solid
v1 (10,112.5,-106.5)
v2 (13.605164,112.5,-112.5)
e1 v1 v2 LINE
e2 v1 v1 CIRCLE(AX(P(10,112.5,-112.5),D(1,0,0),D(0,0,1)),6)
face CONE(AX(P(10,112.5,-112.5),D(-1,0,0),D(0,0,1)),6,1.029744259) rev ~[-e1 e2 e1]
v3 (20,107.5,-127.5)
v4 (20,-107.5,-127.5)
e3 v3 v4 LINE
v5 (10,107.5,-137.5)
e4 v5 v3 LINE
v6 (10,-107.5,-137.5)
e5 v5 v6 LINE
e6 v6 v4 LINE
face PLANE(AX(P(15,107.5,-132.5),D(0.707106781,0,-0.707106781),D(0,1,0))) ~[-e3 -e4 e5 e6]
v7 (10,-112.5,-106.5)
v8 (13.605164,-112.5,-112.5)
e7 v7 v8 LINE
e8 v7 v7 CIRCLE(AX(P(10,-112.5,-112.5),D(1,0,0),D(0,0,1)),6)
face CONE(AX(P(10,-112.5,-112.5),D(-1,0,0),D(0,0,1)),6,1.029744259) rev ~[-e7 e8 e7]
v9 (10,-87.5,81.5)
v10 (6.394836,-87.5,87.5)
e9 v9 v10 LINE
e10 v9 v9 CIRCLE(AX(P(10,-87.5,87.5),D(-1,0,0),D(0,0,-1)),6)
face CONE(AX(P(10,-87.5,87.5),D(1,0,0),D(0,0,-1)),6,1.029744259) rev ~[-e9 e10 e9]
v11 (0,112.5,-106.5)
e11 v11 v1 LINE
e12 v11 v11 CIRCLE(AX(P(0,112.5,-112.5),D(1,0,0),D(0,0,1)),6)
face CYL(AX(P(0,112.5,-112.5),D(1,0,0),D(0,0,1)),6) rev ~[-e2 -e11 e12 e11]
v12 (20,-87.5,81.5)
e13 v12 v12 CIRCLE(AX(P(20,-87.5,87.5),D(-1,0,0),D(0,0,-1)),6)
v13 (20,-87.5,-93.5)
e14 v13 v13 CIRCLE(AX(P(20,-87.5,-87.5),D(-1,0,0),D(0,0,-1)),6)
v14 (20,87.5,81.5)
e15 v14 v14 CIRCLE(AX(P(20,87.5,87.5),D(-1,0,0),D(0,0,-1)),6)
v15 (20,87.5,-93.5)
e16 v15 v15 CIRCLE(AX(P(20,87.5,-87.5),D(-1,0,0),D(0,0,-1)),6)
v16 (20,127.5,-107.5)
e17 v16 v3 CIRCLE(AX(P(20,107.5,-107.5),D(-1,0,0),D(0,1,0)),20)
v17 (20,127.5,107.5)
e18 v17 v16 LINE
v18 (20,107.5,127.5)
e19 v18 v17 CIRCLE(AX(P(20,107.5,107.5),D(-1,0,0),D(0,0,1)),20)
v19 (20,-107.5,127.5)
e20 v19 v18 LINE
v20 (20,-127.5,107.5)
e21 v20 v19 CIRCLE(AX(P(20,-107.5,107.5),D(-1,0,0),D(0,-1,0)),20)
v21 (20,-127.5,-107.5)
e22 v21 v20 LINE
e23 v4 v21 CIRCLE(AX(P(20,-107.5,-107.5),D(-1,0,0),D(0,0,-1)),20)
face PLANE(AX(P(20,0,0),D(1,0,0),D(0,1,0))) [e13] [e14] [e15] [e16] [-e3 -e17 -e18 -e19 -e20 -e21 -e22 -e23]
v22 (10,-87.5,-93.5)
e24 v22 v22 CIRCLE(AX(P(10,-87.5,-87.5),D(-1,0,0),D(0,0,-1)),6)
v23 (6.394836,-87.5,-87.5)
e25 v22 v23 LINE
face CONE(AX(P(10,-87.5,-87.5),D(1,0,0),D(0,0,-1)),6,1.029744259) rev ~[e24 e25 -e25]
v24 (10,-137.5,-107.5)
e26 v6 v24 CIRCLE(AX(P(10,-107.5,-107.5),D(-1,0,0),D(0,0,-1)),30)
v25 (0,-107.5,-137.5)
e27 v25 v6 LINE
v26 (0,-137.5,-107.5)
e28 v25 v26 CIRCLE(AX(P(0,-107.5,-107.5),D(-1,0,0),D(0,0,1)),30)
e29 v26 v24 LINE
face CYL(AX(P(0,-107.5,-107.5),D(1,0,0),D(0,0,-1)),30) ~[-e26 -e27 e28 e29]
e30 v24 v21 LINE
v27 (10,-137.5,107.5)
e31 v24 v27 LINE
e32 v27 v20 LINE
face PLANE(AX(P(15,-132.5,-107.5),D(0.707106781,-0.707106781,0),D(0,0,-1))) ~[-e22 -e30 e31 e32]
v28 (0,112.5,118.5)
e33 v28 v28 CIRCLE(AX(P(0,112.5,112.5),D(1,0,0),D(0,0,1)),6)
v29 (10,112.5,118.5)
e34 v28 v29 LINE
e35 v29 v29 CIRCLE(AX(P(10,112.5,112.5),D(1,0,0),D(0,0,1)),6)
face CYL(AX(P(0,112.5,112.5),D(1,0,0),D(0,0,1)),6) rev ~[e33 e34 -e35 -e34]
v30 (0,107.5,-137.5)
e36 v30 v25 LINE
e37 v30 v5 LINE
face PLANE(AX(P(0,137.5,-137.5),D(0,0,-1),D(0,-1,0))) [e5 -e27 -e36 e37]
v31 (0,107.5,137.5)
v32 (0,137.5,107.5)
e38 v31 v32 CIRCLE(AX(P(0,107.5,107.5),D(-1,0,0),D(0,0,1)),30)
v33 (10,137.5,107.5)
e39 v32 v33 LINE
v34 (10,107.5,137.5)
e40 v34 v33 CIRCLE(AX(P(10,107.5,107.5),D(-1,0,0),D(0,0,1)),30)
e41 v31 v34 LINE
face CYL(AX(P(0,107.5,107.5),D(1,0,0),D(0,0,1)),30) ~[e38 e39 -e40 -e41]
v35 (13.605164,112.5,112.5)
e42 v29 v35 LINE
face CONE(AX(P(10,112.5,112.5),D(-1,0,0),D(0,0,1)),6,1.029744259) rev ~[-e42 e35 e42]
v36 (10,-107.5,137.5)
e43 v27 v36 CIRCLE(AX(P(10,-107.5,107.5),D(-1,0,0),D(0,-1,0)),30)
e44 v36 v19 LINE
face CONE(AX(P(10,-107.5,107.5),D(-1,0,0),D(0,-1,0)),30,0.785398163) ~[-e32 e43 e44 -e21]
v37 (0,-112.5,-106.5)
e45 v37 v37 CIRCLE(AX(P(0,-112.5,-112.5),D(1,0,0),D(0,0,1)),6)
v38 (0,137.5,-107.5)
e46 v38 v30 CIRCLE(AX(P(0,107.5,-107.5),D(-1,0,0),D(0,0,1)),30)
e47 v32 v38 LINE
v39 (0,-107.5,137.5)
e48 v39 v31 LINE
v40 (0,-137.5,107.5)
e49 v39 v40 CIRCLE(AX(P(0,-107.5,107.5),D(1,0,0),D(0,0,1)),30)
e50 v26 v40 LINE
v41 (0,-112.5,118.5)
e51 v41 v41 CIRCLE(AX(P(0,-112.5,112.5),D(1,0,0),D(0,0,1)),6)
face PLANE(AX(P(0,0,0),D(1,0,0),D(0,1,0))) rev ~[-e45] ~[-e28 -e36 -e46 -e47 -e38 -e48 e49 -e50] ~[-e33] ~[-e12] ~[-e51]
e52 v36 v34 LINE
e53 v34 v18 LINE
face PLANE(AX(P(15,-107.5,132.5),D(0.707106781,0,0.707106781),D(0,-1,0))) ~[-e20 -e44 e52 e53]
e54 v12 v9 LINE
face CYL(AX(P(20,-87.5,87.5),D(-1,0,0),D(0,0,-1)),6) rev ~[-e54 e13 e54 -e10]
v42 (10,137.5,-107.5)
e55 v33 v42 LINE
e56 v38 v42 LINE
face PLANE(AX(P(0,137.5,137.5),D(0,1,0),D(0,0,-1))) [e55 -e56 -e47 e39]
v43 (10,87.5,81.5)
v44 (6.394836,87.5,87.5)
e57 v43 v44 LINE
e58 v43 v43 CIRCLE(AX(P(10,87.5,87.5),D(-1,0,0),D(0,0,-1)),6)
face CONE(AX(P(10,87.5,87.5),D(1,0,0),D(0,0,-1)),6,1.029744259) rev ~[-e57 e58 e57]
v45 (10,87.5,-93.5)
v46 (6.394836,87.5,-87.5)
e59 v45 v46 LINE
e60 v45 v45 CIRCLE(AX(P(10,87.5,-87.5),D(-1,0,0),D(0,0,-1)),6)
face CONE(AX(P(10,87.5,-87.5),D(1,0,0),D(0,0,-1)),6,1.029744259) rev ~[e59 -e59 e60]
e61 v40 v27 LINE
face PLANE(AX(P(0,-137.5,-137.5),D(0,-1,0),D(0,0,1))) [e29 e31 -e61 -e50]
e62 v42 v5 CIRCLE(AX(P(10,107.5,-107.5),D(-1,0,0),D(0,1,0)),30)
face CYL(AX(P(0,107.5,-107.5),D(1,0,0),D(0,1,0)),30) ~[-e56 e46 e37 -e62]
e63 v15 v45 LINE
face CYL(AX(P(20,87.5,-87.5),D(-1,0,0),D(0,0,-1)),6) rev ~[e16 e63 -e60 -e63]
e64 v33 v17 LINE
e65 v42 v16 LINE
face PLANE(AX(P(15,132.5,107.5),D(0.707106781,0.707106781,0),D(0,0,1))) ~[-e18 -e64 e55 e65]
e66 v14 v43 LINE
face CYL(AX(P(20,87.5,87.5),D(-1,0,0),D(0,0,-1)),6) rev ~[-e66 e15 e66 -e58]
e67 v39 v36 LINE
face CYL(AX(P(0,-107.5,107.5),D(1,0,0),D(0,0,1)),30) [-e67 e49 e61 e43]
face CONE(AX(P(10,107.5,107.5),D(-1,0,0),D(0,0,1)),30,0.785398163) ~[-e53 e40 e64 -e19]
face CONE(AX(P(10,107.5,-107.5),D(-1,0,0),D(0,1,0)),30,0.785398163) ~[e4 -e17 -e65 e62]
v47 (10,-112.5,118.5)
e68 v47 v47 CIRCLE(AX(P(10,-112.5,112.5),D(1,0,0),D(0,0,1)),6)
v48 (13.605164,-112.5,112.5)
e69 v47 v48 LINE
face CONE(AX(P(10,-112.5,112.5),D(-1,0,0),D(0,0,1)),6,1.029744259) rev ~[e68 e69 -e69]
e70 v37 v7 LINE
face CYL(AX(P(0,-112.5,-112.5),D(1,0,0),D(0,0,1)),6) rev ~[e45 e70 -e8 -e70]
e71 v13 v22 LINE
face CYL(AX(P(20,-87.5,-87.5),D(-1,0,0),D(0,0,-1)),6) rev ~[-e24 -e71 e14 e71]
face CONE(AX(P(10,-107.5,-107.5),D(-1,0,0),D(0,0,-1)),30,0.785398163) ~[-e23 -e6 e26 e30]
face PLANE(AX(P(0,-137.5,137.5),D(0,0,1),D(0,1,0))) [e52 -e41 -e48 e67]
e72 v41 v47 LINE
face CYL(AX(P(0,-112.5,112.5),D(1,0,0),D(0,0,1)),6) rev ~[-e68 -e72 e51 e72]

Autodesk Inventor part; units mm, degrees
ref_plane "YZ Plane" through (0, 0, 0) normal (1, 0, 0) x (0, 1, 0)
ref_plane "XZ Plane" through (0, 0, 0) normal (0, 1, 0) x (-1, 0, 0)
ref_plane "XY Plane" through (0, 0, 0) normal (0, 0, 1) x (1, 0, 0)
sketch "草圖1" plane through (0, 0, 0) normal (1, 0, 0) x (0, 1, 0)
  line L0 (-137.5, 137.5) -> (137.5, 137.5)
  line L1 (137.5, 137.5) -> (137.5, -137.5)
  line L2 (137.5, -137.5) -> (-137.5, -137.5)
  line L3 (-137.5, -137.5) -> (-137.5, 137.5)
  line L4 (-137.5, 137.5) -> (137.5, -137.5) construction
  line L5 (137.5, 137.5) -> (-137.5, -137.5) construction
  point P0 (0, 0)
  dimension "d0" = 275
  dimension "d1" = 275
extrude "擠出1" add sketch "草圖1" along normal blind 20
fillet "圓角1" radius 30 4 edges at (10, 137.5, 137.5) (10, -137.5, 137.5) (10, 137.5, -137.5) (10, -137.5, -137.5)
chamfer "倒角1" distance 10 angle 45 8 edges at (20, 0, 137.5) (20, -128.7132, 128.7132) (20, -137.5, 0) (20, -128.7132, -128.7132) (20, 0, -137.5) (20, 128.7132, -128.7132) (20, 137.5, 0) (20, 128.7132, 128.7132)
sketch "草圖2" plane through (20, 0, 0) normal (1, 0, 0) x (0, 0, -1)
  line L0 (-87.5, -87.5) -> (87.5, -87.5)
  line L1 (87.5, -87.5) -> (87.5, 87.5)
  line L2 (87.5, 87.5) -> (-87.5, 87.5)
  line L3 (-87.5, 87.5) -> (-87.5, -87.5)
  line L4 (-87.5, -87.5) -> (87.5, 87.5) construction
  line L5 (87.5, -87.5) -> (-87.5, 87.5) construction
  point P0 (0, 0)
  dimension "d8" = 175
  dimension "d9" = 175
hole "孔1" at (20, 87.5, 87.5) at (20, 87.5, -87.5) at (20, -87.5, 87.5) at (20, -87.5, -87.5) direction (-1, 0, 0) diameter 12 depth 10 tip angle 118
sketch "草圖3" plane through (0, 0, 0) normal (-1, 0, 0) x (0, 0, 1)
  arc A0 (-137.5, -107.5) -> (-107.5, -137.5) centre (-107.5, -107.5) ccw projected
  line L0 (-107.5, -137.5) -> (107.5, -137.5) projected
  arc A1 (107.5, -137.5) -> (137.5, -107.5) centre (107.5, -107.5) ccw projected
  line L1 (137.5, -107.5) -> (137.5, 107.5) projected
  arc A2 (137.5, 107.5) -> (107.5, 137.5) centre (107.5, 107.5) ccw projected
  line L2 (107.5, 137.5) -> (-107.5, 137.5) projected
  arc A3 (-107.5, 137.5) -> (-137.5, 107.5) centre (-107.5, 107.5) ccw projected
  line L3 (-137.5, 107.5) -> (-137.5, -107.5) projected
  line L4 (112.5, 112.5) -> (-112.5, 112.5)
  line L5 (-112.5, 112.5) -> (-112.5, -112.5)
  line L6 (-112.5, -112.5) -> (112.5, -112.5)
  line L7 (112.5, -112.5) -> (112.5, 112.5)
  line L8 (112.5, 112.5) -> (-112.5, -112.5) construction
  line L9 (-112.5, 112.5) -> (112.5, -112.5) construction
  point P0 (0, 0)
  dimension "d17" = 225
  dimension "d18" = 225
hole "孔2" at (0, -112.5, 112.5) at (0, -112.5, -112.5) at (0, 112.5, -112.5) at (0, 112.5, 112.5) direction (1, 0, 0) diameter 12 depth 10 tip angle 118
properties part number "exercise3-1-2"
